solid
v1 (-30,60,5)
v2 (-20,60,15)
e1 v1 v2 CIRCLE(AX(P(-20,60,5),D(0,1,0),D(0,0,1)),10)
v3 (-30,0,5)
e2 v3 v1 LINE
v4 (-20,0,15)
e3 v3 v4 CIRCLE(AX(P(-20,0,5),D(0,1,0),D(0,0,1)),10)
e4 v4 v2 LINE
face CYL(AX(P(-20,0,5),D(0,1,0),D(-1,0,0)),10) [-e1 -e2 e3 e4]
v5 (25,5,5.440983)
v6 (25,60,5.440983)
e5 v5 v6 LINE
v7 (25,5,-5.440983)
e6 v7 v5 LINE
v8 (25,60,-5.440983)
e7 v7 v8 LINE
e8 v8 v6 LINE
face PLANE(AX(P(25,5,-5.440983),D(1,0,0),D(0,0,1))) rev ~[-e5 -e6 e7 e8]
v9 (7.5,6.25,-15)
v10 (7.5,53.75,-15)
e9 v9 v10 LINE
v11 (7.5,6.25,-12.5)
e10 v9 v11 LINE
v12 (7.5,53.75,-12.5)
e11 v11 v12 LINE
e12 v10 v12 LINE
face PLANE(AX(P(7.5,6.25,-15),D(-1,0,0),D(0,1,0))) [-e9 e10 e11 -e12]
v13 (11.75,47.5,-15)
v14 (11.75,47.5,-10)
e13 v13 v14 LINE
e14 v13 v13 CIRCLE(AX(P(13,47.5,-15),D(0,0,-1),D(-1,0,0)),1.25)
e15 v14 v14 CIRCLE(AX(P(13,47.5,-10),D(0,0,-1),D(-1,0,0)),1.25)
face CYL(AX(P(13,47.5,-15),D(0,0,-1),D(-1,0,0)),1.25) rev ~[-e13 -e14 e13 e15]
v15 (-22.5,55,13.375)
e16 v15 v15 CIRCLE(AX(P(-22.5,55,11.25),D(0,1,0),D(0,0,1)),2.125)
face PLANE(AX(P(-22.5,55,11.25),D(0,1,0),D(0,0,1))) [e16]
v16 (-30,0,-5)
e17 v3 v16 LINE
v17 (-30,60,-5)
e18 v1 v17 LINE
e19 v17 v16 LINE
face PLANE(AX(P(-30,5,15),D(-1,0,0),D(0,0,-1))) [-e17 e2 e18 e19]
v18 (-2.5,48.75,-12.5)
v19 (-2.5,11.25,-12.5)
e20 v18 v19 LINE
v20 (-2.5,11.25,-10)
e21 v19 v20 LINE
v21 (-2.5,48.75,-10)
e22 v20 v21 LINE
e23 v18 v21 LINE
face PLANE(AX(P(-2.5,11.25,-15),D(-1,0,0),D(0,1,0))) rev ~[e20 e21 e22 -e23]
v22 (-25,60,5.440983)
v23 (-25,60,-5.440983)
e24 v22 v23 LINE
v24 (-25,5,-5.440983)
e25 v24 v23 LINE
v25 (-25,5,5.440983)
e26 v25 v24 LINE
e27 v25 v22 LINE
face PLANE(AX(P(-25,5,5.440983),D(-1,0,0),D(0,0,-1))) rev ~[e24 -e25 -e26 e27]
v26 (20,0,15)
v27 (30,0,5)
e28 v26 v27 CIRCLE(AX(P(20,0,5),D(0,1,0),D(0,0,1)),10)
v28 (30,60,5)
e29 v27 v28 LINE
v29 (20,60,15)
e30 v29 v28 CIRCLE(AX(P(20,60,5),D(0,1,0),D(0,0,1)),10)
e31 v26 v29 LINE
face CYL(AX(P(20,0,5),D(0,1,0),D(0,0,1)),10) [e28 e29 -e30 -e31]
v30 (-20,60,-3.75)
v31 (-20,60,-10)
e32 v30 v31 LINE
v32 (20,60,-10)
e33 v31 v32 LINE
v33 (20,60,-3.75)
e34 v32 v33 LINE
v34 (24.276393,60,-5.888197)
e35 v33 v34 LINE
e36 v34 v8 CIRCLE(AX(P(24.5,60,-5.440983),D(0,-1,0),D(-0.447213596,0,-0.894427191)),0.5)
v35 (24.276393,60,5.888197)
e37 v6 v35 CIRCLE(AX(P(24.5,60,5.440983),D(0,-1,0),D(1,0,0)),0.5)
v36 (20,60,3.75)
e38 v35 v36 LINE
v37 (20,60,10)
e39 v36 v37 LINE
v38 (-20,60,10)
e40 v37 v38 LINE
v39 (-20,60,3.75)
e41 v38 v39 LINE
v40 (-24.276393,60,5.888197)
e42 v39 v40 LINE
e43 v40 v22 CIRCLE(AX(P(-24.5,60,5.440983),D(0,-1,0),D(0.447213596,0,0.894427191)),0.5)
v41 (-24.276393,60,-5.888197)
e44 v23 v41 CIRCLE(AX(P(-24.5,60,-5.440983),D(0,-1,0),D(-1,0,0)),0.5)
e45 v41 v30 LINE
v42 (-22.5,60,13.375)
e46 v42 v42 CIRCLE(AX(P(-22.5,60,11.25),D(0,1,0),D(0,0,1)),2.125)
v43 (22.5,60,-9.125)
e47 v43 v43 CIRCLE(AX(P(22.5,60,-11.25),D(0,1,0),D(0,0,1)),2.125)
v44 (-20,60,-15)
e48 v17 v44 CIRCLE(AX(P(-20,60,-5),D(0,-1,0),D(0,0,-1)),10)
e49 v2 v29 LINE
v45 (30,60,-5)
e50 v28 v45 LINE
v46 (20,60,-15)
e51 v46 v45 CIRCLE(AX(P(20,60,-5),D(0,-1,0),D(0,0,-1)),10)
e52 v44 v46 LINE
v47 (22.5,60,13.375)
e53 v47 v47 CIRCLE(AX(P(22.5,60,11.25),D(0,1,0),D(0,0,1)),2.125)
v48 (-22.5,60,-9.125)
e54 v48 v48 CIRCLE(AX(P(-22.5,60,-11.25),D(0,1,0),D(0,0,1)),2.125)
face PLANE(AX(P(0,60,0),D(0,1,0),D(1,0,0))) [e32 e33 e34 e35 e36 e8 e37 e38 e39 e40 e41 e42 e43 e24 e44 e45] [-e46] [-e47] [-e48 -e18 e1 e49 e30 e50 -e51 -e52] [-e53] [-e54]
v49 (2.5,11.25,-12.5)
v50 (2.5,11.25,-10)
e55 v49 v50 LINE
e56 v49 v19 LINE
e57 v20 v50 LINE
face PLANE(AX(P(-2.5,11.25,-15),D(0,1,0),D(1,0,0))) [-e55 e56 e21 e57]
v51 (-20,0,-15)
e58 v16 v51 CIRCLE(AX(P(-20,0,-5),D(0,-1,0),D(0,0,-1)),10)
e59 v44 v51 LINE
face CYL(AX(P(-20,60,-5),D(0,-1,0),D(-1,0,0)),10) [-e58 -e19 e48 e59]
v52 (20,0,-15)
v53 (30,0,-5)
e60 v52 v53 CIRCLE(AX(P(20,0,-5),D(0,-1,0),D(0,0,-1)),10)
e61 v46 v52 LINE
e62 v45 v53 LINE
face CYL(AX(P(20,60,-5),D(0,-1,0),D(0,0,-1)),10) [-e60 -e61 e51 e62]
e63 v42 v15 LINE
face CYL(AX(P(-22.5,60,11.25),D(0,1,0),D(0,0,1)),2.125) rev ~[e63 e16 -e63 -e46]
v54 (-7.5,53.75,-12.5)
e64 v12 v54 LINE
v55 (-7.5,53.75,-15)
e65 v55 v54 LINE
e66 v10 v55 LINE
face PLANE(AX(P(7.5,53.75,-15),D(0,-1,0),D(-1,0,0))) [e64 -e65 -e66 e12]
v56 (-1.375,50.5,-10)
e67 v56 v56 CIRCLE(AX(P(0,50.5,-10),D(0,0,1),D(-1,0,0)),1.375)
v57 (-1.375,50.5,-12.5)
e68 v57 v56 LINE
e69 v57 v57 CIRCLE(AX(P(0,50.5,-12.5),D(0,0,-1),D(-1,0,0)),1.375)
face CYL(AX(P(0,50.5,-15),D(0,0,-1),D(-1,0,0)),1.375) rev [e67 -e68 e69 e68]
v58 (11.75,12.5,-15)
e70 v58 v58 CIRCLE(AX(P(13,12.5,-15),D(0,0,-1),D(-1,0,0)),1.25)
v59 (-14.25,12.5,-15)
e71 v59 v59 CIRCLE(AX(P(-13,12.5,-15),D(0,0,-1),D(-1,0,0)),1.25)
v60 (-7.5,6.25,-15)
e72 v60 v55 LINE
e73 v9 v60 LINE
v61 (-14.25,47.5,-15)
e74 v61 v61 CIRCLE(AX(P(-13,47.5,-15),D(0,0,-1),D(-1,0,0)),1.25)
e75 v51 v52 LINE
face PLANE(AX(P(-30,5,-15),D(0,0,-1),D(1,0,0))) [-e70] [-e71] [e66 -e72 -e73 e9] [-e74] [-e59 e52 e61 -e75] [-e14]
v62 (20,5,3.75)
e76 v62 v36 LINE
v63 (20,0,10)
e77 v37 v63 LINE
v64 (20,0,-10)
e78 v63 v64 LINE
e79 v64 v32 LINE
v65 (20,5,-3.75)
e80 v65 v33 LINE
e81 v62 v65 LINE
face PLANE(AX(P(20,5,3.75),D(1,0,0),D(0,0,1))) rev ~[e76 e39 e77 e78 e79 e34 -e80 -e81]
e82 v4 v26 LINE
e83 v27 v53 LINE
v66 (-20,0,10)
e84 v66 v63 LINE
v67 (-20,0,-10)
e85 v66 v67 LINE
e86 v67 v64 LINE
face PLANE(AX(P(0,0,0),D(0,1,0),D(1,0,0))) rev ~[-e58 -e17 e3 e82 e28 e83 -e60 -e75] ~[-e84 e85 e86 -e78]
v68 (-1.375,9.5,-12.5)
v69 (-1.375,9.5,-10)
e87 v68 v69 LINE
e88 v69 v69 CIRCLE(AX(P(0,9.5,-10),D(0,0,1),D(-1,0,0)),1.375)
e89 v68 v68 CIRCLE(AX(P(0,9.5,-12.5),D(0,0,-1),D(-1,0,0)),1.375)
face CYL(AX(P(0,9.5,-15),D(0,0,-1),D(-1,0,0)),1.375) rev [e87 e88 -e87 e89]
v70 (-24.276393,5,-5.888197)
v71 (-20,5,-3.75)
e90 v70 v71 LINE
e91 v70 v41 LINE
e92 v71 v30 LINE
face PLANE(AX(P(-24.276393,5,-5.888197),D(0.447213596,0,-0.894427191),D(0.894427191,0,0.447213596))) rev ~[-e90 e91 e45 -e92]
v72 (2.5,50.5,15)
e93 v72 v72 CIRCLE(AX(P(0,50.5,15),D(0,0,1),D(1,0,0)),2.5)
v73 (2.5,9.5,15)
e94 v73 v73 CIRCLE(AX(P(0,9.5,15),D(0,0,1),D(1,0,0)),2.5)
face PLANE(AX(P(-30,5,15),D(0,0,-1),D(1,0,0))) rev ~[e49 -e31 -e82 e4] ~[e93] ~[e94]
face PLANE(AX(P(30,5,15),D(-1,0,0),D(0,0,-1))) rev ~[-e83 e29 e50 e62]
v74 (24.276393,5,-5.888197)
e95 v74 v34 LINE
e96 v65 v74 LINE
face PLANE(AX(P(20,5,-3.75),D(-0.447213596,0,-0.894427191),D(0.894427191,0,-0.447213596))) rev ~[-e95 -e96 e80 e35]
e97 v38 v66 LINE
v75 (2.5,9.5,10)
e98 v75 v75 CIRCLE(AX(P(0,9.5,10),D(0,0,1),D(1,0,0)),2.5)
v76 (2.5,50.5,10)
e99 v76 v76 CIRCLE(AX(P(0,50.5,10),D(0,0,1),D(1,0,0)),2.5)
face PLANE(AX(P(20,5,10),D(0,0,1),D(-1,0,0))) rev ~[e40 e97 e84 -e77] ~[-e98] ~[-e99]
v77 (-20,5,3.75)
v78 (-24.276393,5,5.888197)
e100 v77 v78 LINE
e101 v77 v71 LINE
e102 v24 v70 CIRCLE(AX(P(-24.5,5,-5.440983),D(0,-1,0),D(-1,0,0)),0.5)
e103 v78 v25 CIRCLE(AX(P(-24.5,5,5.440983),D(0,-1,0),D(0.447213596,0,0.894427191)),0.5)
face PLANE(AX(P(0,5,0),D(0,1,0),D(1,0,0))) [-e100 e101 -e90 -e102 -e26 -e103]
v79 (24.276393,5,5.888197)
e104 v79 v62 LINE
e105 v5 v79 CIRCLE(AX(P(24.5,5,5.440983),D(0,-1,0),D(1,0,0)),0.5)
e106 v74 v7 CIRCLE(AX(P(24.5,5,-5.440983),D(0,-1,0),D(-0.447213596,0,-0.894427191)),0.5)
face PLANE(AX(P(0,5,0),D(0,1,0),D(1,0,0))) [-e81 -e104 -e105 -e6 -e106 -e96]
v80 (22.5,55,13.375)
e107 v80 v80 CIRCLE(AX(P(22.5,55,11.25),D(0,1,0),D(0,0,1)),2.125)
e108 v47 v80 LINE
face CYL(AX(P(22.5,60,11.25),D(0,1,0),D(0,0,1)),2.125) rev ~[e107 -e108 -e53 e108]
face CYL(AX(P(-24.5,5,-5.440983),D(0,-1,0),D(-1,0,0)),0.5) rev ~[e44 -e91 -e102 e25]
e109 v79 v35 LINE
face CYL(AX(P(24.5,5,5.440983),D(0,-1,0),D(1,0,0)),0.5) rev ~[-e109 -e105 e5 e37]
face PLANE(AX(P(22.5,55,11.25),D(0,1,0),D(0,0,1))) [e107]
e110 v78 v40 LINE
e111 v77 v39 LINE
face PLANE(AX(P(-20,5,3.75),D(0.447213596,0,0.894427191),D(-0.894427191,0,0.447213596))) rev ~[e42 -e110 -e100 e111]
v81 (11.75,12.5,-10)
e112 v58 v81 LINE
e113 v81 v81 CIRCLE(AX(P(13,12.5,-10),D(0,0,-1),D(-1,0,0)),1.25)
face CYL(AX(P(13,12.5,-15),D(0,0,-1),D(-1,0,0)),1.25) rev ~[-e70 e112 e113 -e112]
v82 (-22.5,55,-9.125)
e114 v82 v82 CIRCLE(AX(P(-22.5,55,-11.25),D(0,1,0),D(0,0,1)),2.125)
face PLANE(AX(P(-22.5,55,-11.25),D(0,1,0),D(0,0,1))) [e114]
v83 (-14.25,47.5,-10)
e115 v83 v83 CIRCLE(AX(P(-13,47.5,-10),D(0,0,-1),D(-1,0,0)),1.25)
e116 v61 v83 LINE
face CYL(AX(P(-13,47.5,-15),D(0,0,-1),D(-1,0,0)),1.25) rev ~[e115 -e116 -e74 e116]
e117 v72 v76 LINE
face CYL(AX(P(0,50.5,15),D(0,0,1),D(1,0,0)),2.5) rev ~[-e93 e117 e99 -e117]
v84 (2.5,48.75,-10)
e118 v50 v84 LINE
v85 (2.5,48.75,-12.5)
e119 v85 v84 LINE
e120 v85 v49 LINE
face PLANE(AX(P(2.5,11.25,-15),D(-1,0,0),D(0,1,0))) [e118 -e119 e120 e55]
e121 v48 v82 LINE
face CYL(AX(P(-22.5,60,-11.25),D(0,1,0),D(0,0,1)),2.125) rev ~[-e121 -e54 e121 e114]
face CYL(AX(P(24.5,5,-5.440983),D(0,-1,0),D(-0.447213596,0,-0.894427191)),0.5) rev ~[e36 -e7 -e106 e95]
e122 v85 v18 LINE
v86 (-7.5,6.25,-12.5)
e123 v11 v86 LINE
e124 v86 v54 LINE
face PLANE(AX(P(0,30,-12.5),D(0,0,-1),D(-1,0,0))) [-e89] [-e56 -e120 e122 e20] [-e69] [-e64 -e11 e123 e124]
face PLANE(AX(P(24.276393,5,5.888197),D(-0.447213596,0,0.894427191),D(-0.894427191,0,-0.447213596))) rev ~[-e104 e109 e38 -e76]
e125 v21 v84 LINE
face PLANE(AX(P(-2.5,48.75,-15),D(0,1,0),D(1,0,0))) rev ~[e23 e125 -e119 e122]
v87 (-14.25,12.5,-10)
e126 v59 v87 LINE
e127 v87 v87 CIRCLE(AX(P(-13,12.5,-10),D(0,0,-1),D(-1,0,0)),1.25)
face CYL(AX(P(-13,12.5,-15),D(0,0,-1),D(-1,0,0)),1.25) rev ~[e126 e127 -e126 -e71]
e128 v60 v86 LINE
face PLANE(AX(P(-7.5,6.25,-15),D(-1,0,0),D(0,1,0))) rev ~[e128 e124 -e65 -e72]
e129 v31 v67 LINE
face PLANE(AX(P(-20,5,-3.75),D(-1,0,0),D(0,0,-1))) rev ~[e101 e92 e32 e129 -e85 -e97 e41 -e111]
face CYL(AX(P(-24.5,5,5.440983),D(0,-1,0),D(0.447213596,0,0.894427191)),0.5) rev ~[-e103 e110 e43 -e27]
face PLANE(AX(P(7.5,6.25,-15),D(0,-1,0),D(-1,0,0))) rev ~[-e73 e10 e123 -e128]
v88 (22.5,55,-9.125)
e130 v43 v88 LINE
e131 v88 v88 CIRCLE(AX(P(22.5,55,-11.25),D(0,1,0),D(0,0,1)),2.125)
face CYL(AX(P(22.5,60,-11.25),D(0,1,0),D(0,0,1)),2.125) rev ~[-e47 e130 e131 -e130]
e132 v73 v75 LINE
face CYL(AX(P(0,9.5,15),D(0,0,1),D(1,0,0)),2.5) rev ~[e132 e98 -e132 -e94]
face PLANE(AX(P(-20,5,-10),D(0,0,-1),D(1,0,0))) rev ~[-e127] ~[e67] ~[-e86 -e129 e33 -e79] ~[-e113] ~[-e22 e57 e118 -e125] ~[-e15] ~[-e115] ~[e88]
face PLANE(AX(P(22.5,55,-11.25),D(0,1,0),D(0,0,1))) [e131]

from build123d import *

# Parameters (mm, degrees)
SKETCH1_W           = 60
SKETCH1_H           = 30
SKETCH1_W_2         = 40
SKETCH1_H_2         = 20
BOSS_EXTRUDE1_DEPTH = 5
SKETCH2_W           = 60
SKETCH2_H           = 30
BOSS_EXTRUDE2_DEPTH = 55
SKETCH4_R           = 1.375
SKETCH4_W           = 5
SKETCH4_H           = 37.5
CUT_EXTRUDE1_DEPTH  = 5
SKETCH5_W           = 15
SKETCH5_H           = 47.5
CUT_EXTRUDE2_DEPTH  = 2.5
FILLET1_R           = 10
SKETCH6_R           = 2.125
CUT_EXTRUDE3_DEPTH  = 5
SKETCH7_R           = 2.5
CUT_EXTRUDE4_DEPTH  = 5
SKETCH8_R           = 1.25
CUT_EXTRUDE5_DEPTH  = 5


with BuildPart() as part:
    # Sketch1 → Boss-Extrude1 (new body)
    with BuildSketch(Plane(origin=(0, 0, 0), x_dir=(1, 0, 0), z_dir=(0, 1, 0))):
        Rectangle(SKETCH1_W, SKETCH1_H)
        Rectangle(SKETCH1_W_2, SKETCH1_H_2, mode=Mode.SUBTRACT)
    extrude(amount=BOSS_EXTRUDE1_DEPTH)

    # Sketch2 → Boss-Extrude2 (add)
    with BuildSketch(Plane(origin=(0, 5, 0), x_dir=(1, 0, 0), z_dir=(0, 1, 0))):
        Rectangle(SKETCH2_W, SKETCH2_H)
        with BuildLine():
            Line((20, 10), (20, 3.75))
            Line((20, 3.75), (24.276393202, 5.888196601))
            ThreePointArc((24.276393202, 5.888196601), (24.762865556, 5.86630841), (25, 5.440983006))
            Line((25, 5.440983006), (25, -5.440983006))
            ThreePointArc((25, -5.440983006), (24.762865556, -5.86630841), (24.276393202, -5.888196601))
            Line((24.276393202, -5.888196601), (20, -3.75))
            Line((20, -3.75), (20, -10))
            Line((20, -10), (-20, -10))
            Line((-20, -10), (-20, -3.75))
            Line((-20, -3.75), (-24.276393202, -5.888196601))
            ThreePointArc((-24.276393202, -5.888196601), (-24.762865556, -5.86630841), (-25, -5.440983006))
            Line((-25, -5.440983006), (-25, 5.440983006))
            ThreePointArc((-25, 5.440983006), (-24.762865556, 5.86630841), (-24.276393202, 5.888196601))
            Line((-24.276393202, 5.888196601), (-20, 3.75))
            Line((-20, 3.75), (-20, 10))
            Line((-20, 10), (20, 10))
        make_face(mode=Mode.SUBTRACT)
    extrude(amount=BOSS_EXTRUDE2_DEPTH)

    # Sketch4 → Cut-Extrude1 (cut)
    with BuildSketch(Plane(origin=(-36.213203436, 0, -15), x_dir=(1, 0, 0), z_dir=(0, 0, 1))):
        with Locations(Location((36.213203436, 50.5, 0), (0, 0, 180))):
            Circle(SKETCH4_R)
        with Locations(Location((36.213203436, 9.5, 0), (0, 0, 180))):
            Circle(SKETCH4_R)
        with Locations((36.213203436, 30)):
            Rectangle(SKETCH4_W, SKETCH4_H)
    extrude(amount=CUT_EXTRUDE1_DEPTH, mode=Mode.SUBTRACT)

    # Sketch5 → Cut-Extrude2 (cut)
    with BuildSketch(Plane(origin=(0, 0, -15), x_dir=(-1, 0, 0), z_dir=(0, 0, -1))):
        with Locations((0, 30)):
            Rectangle(SKETCH5_W, SKETCH5_H)
    extrude(amount=-CUT_EXTRUDE2_DEPTH, mode=Mode.SUBTRACT)

    # Fillet1
    fillet1_edges = [part.edges().sort_by_distance(p)[0] for p in [
        (30, 30, 15),
        (-30, 30, 15),
        (-30, 30, -15),
        (30, 30, -15),
    ]]
    fillet(fillet1_edges, radius=FILLET1_R)

    # Sketch6 → Cut-Extrude3 (cut)
    with BuildSketch(Plane(origin=(0, 60, 0), x_dir=(1, 0, 0), z_dir=(0, 1, 0))):
        with Locations(Location((-22.5, 11.25, 0), (0, 0, 270))):
            Circle(SKETCH6_R)
        with Locations(Location((22.5, 11.25, 0), (0, 0, 270))):
            Circle(SKETCH6_R)
        with Locations(Location((-22.5, -11.25, 0), (0, 0, 270))):
            Circle(SKETCH6_R)
        with Locations(Location((22.5, -11.25, 0), (0, 0, 270))):
            Circle(SKETCH6_R)
    extrude(amount=-CUT_EXTRUDE3_DEPTH, mode=Mode.SUBTRACT)

    # Sketch7 → Cut-Extrude4 (cut)
    with BuildSketch(Plane.XY.offset(15)):
        with Locations((0, 50.5)):
            Circle(SKETCH7_R)
        with Locations((0, 9.5)):
            Circle(SKETCH7_R)
    extrude(amount=-CUT_EXTRUDE4_DEPTH, mode=Mode.SUBTRACT)

    # Sketch8 → Cut-Extrude5 (cut)
    with BuildSketch(Plane(origin=(0, 0, -15), x_dir=(-1, 0, 0), z_dir=(0, 0, -1))):
        with Locations((-13, 47.5)):
            Circle(SKETCH8_R)
        with Locations((13, 47.5)):
            Circle(SKETCH8_R)
        with Locations((-13, 12.5)):
            Circle(SKETCH8_R)
        with Locations((13, 12.5)):
            Circle(SKETCH8_R)
    extrude(amount=-CUT_EXTRUDE5_DEPTH, mode=Mode.SUBTRACT)


solid = part.part
